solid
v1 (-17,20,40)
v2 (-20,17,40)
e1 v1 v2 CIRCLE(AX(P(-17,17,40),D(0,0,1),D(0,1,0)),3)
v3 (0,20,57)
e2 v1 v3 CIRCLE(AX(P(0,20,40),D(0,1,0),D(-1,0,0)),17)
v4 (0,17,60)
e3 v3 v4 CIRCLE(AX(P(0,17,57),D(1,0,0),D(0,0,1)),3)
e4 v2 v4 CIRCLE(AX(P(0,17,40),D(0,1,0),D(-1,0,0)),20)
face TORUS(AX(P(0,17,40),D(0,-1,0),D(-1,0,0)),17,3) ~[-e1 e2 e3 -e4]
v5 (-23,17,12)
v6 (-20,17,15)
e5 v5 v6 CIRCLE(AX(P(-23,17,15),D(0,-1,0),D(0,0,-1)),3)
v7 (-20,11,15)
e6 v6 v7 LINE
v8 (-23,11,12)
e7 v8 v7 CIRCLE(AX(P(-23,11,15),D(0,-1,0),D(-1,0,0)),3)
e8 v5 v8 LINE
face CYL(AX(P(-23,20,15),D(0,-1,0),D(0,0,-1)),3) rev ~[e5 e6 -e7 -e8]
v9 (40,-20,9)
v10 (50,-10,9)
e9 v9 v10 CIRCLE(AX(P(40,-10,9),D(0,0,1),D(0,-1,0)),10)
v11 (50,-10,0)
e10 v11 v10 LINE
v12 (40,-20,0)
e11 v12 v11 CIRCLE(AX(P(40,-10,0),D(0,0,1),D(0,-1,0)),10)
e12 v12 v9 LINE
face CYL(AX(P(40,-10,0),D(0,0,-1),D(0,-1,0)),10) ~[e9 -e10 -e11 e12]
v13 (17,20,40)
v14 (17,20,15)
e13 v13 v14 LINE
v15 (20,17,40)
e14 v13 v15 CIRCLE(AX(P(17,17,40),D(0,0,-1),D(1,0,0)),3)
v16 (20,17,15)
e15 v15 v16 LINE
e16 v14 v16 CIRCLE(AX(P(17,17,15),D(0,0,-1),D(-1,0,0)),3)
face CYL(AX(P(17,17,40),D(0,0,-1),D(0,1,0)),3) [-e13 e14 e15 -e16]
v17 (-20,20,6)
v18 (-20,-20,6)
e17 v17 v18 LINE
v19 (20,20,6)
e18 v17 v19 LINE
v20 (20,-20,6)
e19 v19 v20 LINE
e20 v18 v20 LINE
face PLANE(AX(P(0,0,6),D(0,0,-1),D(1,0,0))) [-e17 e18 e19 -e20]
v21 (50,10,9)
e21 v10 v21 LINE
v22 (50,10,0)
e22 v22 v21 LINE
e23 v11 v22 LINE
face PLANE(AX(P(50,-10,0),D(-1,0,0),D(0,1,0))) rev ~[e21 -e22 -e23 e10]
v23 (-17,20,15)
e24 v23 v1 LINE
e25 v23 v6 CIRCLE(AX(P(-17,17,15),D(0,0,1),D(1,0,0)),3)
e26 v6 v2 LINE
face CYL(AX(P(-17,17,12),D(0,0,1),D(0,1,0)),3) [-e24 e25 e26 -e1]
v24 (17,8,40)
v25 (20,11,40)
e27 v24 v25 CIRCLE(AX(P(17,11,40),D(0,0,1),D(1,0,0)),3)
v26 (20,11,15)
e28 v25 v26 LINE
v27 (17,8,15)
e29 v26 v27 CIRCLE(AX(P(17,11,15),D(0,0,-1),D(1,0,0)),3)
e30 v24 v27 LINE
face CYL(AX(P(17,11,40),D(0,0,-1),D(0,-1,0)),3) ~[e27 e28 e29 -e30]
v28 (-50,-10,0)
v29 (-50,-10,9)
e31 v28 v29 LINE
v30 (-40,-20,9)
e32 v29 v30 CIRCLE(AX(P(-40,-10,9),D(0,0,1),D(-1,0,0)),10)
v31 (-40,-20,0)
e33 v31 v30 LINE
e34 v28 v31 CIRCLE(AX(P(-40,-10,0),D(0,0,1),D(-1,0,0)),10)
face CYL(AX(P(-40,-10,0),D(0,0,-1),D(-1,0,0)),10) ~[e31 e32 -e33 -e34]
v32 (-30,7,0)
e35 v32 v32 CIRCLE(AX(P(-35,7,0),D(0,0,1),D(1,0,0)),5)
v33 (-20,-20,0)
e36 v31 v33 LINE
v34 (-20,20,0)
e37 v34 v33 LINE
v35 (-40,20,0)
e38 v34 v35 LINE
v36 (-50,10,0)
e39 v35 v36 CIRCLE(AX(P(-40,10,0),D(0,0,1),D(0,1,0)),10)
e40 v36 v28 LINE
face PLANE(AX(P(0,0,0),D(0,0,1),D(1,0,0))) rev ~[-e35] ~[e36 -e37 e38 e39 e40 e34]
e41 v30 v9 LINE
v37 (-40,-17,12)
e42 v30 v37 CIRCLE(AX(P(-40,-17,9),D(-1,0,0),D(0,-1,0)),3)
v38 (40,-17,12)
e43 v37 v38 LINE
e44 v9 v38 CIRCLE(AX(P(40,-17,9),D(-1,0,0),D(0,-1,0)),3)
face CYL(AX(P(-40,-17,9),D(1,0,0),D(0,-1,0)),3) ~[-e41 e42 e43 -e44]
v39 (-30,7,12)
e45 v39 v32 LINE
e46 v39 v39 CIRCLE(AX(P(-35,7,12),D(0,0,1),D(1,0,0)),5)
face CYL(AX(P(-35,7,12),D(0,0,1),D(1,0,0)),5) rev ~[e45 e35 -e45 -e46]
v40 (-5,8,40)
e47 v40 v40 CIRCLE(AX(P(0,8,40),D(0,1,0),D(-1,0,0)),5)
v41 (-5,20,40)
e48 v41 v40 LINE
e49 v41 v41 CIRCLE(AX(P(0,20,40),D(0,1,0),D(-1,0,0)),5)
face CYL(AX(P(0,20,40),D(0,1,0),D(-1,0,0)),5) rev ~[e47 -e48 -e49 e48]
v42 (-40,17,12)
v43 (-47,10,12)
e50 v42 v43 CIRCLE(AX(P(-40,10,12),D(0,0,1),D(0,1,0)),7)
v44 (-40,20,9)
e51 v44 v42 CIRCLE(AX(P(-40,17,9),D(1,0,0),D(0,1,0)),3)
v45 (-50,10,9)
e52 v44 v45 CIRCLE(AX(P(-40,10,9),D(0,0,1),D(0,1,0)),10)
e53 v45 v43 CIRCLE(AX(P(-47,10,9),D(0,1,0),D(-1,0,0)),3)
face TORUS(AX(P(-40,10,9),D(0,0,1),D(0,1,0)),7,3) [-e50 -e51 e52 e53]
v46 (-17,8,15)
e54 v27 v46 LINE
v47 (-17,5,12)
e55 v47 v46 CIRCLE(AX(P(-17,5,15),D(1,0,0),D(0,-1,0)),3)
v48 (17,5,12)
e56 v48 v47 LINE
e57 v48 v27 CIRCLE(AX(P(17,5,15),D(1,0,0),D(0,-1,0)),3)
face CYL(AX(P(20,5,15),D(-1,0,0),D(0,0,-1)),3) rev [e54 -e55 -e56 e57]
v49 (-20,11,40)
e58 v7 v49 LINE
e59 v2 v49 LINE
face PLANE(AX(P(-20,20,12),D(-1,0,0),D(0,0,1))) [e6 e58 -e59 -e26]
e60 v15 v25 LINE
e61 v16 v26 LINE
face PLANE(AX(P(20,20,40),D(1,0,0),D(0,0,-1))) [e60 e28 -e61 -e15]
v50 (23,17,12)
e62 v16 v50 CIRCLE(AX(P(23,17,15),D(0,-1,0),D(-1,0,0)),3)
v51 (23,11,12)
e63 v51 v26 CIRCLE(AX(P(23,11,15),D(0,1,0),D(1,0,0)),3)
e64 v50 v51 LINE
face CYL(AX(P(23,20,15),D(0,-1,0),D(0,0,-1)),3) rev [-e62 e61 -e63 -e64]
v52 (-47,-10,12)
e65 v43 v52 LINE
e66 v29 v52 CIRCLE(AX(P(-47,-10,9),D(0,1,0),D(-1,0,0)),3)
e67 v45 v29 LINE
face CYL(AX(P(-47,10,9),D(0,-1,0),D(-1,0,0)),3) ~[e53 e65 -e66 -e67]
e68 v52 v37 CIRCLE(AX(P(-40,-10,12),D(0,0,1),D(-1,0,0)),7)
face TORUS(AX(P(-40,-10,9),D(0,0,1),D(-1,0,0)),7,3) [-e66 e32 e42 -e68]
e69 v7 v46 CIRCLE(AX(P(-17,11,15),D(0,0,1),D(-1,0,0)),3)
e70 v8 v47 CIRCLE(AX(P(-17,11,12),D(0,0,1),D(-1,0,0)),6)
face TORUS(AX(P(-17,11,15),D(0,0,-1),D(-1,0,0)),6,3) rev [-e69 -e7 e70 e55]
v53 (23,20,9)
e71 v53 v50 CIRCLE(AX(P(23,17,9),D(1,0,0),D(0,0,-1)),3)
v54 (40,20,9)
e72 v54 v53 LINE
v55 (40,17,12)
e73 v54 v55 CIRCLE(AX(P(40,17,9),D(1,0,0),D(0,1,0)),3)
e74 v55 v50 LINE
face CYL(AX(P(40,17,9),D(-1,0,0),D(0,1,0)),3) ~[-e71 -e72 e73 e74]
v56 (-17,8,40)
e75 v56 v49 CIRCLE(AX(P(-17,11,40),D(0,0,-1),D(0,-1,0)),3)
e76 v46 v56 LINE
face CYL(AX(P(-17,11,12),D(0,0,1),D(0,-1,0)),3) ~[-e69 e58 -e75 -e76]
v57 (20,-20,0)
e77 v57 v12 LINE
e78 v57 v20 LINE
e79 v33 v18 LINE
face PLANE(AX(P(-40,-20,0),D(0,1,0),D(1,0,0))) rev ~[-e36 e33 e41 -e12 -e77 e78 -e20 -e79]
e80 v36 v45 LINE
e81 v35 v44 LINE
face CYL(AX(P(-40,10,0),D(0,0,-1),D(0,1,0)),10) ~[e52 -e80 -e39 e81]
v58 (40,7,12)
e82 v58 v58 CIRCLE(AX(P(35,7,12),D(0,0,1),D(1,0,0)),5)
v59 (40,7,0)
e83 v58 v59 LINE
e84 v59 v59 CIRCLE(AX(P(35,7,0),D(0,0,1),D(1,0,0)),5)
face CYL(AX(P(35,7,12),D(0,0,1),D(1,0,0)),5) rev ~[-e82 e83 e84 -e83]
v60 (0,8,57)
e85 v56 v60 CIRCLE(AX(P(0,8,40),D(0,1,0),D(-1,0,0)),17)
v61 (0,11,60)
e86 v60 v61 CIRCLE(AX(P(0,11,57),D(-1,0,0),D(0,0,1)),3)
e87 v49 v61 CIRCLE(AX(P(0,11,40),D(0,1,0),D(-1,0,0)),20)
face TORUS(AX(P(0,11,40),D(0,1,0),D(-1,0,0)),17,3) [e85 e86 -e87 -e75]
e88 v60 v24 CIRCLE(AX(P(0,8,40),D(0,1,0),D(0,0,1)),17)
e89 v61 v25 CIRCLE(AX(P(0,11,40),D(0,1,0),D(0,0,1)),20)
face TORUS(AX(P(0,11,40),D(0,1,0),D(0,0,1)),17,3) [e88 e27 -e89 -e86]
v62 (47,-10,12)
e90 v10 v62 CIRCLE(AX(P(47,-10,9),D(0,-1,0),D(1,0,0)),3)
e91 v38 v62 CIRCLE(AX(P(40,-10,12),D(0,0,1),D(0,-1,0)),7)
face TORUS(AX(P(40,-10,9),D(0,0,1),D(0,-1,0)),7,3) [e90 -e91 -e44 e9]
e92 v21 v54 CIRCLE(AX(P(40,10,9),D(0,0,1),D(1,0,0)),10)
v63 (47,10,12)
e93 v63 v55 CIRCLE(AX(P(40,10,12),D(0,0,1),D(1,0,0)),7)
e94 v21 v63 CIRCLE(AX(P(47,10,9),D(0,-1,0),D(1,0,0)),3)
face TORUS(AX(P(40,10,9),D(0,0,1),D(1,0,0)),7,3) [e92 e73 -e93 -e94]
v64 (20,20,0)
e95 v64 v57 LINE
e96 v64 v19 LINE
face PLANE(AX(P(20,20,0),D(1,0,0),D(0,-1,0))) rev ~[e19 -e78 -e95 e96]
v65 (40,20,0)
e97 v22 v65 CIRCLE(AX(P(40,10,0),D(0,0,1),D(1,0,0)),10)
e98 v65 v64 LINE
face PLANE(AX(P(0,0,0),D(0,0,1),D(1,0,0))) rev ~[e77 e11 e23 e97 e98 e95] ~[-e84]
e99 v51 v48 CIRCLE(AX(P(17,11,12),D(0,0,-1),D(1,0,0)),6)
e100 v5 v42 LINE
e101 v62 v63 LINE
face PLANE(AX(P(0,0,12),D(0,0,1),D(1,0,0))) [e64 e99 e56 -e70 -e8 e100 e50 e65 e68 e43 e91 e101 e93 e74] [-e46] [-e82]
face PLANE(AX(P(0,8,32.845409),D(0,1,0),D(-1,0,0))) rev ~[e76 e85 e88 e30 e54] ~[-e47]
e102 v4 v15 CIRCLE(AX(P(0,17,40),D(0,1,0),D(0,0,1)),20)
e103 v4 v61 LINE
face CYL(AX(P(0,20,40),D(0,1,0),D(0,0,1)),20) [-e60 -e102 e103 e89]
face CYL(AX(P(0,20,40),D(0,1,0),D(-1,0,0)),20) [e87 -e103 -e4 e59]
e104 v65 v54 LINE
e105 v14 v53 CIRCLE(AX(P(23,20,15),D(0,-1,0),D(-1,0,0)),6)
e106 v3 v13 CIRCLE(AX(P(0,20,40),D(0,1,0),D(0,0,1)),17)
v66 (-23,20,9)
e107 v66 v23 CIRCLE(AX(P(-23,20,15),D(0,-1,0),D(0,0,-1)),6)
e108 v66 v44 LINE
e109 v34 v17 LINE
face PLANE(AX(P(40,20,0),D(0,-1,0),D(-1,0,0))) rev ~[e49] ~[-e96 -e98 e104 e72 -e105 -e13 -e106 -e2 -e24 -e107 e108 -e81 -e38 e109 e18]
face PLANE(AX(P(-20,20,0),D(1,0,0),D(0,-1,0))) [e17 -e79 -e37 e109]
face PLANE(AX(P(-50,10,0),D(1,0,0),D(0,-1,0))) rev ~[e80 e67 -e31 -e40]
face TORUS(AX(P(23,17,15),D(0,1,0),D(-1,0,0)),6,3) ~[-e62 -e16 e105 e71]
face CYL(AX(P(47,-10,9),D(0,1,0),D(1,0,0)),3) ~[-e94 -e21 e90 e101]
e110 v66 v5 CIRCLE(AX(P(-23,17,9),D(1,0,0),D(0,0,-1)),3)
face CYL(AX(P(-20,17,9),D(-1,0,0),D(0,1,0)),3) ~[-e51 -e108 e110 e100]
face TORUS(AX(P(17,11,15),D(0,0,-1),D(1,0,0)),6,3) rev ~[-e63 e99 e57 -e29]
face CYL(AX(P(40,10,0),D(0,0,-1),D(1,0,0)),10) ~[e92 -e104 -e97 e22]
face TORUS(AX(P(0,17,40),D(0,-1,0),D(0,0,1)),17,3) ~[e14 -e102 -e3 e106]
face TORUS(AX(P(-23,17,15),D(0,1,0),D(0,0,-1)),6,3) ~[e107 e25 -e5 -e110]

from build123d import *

# Parameters (mm, degrees)
F1_DEPTH = 12
F2_W     = 40
F2_H     = 40
F3_DEPTH = 6
F4_R     = 5
F5_DEPTH = 25
F6_R     = 5
F7_DEPTH = 12
F9_R     = 3


with BuildPart() as f1:
    # F0 (on Top) → F1 (new body)
    with BuildSketch(Plane.XY):
        with BuildLine():
            Line((40, 20), (-40, 20))
            ThreePointArc((-40, 20), (-47.0710678119, 17.0710678119), (-50, 10))
            Line((-50, 10), (-50, -10))
            ThreePointArc((-50, -10), (-47.0710678119, -17.0710678119), (-40, -20))
            Line((-40, -20), (40, -20))
            ThreePointArc((40, -20), (47.0710678119, -17.0710678119), (50, -10))
            Line((50, -10), (50, 10))
            ThreePointArc((50, 10), (47.0710678119, 17.0710678119), (40, 20))
        make_face()
    extrude(amount=F1_DEPTH)

    # F2 (on face) → F3 (cut)
    with BuildSketch(Plane(origin=(0, 0, 0), x_dir=(1, 0, 0), z_dir=(0, 0, -1))):
        Rectangle(F2_W, F2_H)
    extrude(amount=-F3_DEPTH, mode=Mode.SUBTRACT)

    # F4 (on face) → F5 (cut)
    with BuildSketch(Plane.XY.offset(12)):
        with Locations((-35, 7)):
            Circle(F4_R)
        with Locations((35, 7)):
            Circle(F4_R)
    extrude(amount=-F5_DEPTH, mode=Mode.SUBTRACT)


with BuildPart() as f7:
    # F6 (on face) → F7 (new body)
    with BuildSketch(Plane(origin=(0, 20, 0), x_dir=(-1, 0, 0), z_dir=(0, 1, 0))):
        with BuildLine():
            Line((-20, 12), (20, 12))
            Line((20, 12), (20, 40))
            ThreePointArc((20, 40), (14.1421356237, 54.1421356237), (0, 60))
            ThreePointArc((0, 60), (-14.1421356237, 54.1421356237), (-20, 40))
            Line((-20, 40), (-20, 12))
        make_face()
        with Locations((0, 40)):
            Circle(F6_R, mode=Mode.SUBTRACT)
    extrude(amount=-F7_DEPTH)

    # F8: union F1
    add(f1.part)

    # F9
    f9_edges = [f7.edges().sort_by_distance(p)[0] for p in [
        (-20, 20, 26),
        (-20, 14, 12),
        (-30, 20, 12),
        (0, 8, 12),
        (20, 8, 26),
        (20, 14, 12),
    ]]
    fillet(f9_edges, radius=F9_R)


solid = f7.part
